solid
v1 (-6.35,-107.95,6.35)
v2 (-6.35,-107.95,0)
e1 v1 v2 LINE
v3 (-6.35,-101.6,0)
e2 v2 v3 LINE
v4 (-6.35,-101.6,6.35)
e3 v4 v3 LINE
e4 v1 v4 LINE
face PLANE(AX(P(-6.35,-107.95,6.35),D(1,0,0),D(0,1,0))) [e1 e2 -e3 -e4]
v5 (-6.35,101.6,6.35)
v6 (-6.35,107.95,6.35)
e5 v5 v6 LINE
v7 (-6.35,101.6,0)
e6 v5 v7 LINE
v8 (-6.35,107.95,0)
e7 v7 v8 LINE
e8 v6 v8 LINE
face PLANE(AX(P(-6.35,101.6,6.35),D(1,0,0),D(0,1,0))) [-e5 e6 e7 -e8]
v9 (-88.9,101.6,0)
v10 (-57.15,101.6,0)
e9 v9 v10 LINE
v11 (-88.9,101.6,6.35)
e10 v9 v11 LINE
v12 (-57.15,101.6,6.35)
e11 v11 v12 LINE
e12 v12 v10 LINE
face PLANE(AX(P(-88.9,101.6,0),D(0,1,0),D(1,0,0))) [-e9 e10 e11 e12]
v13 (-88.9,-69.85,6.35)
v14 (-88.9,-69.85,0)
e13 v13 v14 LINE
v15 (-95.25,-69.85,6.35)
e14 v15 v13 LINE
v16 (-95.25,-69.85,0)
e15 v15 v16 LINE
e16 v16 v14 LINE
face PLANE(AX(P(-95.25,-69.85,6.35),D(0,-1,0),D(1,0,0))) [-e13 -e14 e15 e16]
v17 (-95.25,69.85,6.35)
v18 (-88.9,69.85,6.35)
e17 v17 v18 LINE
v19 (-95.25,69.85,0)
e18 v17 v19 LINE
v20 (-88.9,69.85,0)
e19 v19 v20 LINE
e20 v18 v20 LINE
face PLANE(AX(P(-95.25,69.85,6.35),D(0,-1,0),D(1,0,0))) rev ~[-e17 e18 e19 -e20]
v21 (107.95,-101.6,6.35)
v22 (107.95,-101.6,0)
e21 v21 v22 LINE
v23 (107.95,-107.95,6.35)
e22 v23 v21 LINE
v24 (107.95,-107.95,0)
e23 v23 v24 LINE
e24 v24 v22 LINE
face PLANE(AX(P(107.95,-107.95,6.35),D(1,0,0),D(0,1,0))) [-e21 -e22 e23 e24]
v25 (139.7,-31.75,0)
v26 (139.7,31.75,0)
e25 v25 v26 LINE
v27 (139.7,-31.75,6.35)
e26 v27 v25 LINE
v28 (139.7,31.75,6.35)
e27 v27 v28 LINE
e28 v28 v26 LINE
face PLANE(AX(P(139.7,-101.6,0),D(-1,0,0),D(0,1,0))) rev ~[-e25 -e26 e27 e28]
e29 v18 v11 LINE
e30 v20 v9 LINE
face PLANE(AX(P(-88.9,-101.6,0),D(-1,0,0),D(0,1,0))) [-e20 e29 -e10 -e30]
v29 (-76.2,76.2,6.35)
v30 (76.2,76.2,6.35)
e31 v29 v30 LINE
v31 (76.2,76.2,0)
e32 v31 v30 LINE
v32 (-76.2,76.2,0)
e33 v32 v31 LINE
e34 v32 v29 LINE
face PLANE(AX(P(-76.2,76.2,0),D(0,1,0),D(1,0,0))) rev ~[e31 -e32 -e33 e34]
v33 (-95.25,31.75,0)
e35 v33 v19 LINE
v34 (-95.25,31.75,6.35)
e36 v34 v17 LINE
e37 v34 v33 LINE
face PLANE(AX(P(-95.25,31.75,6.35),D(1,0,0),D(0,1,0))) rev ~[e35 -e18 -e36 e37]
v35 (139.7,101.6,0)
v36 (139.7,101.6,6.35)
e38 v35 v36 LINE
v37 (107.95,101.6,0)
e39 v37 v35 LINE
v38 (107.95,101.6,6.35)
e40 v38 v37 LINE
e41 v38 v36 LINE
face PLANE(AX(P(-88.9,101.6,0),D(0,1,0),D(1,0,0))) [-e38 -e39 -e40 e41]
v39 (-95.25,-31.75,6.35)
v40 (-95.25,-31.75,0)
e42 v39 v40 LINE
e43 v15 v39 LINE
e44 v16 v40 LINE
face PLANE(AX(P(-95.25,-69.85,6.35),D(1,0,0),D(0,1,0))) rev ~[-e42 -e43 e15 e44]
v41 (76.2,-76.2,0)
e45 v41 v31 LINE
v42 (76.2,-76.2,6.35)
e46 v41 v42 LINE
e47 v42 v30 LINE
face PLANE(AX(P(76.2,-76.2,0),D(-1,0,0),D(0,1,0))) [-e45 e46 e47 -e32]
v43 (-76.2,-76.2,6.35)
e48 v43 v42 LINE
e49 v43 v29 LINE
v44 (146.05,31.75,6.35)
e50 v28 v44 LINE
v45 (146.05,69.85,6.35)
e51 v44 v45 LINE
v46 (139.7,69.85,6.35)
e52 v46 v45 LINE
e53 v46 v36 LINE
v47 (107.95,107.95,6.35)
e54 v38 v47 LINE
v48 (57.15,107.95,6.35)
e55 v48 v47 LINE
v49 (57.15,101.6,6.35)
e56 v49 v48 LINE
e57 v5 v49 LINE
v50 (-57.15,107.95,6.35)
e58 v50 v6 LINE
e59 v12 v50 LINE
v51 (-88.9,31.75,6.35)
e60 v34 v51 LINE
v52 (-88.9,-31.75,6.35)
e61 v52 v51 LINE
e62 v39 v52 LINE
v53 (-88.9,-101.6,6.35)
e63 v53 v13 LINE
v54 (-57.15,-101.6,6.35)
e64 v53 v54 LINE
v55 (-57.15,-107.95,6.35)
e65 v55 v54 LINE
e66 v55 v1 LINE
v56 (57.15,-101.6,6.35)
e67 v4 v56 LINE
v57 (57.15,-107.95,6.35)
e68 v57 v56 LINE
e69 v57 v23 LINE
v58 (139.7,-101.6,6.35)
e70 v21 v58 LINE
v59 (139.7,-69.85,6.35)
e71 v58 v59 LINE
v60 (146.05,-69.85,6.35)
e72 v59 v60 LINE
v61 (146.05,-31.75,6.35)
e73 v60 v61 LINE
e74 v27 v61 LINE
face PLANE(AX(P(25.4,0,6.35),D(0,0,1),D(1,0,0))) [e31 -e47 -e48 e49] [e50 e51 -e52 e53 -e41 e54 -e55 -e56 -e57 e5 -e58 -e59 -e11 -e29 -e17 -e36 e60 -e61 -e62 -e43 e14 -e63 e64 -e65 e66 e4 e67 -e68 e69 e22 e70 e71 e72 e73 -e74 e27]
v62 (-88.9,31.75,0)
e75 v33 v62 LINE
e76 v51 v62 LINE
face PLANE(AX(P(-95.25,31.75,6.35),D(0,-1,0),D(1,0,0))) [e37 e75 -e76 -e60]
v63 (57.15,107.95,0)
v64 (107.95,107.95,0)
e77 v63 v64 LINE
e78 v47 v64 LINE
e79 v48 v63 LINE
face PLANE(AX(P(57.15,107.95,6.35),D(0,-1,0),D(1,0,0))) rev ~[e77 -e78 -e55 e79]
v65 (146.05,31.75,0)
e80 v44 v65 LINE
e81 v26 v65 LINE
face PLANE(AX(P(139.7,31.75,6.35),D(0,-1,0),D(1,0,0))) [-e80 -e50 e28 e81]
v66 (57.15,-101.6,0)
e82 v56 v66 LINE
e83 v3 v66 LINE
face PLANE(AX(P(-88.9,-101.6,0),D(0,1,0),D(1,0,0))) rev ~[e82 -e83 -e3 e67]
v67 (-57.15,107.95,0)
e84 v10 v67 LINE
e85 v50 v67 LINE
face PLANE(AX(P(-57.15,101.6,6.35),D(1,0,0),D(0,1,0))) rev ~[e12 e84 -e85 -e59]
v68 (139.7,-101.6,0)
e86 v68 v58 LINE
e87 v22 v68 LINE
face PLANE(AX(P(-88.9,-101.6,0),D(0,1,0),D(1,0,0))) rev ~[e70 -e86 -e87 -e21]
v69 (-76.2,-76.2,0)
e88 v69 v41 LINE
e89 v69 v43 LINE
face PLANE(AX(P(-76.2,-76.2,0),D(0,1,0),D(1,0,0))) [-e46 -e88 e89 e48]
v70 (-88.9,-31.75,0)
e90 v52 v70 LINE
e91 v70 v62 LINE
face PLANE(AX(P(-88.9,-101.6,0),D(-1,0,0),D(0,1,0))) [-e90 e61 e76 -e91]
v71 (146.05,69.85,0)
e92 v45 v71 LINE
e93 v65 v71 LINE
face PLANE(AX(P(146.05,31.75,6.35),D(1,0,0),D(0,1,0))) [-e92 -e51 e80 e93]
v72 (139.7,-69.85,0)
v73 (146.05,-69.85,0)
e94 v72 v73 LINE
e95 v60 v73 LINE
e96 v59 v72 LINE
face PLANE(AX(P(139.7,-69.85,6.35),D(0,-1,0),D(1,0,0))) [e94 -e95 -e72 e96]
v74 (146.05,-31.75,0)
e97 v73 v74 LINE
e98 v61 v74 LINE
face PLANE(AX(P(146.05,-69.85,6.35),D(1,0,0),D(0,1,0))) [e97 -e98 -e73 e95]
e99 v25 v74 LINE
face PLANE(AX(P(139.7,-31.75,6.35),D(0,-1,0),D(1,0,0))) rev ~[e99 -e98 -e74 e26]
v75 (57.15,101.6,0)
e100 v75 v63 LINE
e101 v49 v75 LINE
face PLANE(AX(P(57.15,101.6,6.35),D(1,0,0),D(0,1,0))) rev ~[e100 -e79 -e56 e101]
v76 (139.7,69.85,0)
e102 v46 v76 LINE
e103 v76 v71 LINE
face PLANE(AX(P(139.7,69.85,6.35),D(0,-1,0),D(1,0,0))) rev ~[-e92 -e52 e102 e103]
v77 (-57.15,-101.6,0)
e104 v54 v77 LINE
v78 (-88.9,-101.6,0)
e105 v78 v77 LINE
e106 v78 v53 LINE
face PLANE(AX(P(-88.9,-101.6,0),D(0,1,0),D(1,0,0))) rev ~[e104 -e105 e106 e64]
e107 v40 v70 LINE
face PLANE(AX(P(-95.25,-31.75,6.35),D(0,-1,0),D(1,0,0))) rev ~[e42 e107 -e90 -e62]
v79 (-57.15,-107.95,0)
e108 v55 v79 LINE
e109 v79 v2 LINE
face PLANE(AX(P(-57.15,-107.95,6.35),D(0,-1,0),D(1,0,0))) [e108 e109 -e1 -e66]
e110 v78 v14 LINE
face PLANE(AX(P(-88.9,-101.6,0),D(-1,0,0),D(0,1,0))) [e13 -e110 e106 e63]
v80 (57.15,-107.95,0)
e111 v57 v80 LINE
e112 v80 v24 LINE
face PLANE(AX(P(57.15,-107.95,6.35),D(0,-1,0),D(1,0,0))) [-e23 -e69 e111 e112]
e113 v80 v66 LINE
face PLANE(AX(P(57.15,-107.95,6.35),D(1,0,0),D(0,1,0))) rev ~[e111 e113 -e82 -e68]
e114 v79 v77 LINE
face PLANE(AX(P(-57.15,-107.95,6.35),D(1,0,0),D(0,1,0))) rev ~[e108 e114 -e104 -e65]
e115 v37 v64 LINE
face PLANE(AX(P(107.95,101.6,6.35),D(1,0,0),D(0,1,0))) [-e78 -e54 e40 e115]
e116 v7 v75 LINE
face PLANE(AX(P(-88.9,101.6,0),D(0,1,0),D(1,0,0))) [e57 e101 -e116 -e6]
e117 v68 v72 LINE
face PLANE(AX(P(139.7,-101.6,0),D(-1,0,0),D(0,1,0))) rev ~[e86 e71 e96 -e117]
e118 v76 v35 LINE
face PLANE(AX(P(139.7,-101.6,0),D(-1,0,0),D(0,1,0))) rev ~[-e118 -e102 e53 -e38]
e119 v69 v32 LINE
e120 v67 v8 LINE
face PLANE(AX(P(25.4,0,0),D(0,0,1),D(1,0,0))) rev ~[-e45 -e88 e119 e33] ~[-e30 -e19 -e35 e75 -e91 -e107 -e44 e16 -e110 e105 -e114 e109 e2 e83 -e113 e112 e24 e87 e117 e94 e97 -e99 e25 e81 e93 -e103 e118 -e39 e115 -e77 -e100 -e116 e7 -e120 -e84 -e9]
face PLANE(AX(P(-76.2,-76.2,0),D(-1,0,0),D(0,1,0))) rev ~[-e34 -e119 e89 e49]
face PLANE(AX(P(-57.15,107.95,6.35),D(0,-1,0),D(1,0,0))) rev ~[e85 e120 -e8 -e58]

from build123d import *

# Parameters (mm, degrees)
F0_W     = 228.6
F0_H     = 203.2
F0_W_2   = 152.4
F0_H_2   = 152.4
F1_DEPTH = 6.35
F2_W     = 50.8
F2_H     = 6.35
F2_W_2   = 6.35
F2_H_2   = 38.1
F3_DEPTH = 6.35


with BuildPart() as f1:
    # F0 (on Top) → F1 (new body)
    with BuildSketch(Plane.XY):
        with Locations((25.4, 0)):
            Rectangle(F0_W, F0_H)
        Rectangle(F0_W_2, F0_H_2, mode=Mode.SUBTRACT)
    extrude(amount=F1_DEPTH)

    # F2 (on face) → F3 (join)
    with BuildSketch(Plane.XY.offset(6.35)):
        with Locations((-31.75, 104.775)):
            Rectangle(F2_W, F2_H)
        with Locations((82.55, 104.775)):
            Rectangle(F2_W, F2_H)
        with Locations((142.875, 50.8)):
            Rectangle(F2_W_2, F2_H_2)
        with Locations((142.875, -50.8)):
            Rectangle(F2_W_2, F2_H_2)
        with Locations((-92.075, -50.8)):
            Rectangle(F2_W_2, F2_H_2)
        with Locations((-92.075, 50.8)):
            Rectangle(F2_W_2, F2_H_2)
        with Locations((82.55, -104.775)):
            Rectangle(F2_W, F2_H)
        with Locations((-31.75, -104.775)):
            Rectangle(F2_W, F2_H)
    extrude(amount=-F3_DEPTH)


solid = f1.part
